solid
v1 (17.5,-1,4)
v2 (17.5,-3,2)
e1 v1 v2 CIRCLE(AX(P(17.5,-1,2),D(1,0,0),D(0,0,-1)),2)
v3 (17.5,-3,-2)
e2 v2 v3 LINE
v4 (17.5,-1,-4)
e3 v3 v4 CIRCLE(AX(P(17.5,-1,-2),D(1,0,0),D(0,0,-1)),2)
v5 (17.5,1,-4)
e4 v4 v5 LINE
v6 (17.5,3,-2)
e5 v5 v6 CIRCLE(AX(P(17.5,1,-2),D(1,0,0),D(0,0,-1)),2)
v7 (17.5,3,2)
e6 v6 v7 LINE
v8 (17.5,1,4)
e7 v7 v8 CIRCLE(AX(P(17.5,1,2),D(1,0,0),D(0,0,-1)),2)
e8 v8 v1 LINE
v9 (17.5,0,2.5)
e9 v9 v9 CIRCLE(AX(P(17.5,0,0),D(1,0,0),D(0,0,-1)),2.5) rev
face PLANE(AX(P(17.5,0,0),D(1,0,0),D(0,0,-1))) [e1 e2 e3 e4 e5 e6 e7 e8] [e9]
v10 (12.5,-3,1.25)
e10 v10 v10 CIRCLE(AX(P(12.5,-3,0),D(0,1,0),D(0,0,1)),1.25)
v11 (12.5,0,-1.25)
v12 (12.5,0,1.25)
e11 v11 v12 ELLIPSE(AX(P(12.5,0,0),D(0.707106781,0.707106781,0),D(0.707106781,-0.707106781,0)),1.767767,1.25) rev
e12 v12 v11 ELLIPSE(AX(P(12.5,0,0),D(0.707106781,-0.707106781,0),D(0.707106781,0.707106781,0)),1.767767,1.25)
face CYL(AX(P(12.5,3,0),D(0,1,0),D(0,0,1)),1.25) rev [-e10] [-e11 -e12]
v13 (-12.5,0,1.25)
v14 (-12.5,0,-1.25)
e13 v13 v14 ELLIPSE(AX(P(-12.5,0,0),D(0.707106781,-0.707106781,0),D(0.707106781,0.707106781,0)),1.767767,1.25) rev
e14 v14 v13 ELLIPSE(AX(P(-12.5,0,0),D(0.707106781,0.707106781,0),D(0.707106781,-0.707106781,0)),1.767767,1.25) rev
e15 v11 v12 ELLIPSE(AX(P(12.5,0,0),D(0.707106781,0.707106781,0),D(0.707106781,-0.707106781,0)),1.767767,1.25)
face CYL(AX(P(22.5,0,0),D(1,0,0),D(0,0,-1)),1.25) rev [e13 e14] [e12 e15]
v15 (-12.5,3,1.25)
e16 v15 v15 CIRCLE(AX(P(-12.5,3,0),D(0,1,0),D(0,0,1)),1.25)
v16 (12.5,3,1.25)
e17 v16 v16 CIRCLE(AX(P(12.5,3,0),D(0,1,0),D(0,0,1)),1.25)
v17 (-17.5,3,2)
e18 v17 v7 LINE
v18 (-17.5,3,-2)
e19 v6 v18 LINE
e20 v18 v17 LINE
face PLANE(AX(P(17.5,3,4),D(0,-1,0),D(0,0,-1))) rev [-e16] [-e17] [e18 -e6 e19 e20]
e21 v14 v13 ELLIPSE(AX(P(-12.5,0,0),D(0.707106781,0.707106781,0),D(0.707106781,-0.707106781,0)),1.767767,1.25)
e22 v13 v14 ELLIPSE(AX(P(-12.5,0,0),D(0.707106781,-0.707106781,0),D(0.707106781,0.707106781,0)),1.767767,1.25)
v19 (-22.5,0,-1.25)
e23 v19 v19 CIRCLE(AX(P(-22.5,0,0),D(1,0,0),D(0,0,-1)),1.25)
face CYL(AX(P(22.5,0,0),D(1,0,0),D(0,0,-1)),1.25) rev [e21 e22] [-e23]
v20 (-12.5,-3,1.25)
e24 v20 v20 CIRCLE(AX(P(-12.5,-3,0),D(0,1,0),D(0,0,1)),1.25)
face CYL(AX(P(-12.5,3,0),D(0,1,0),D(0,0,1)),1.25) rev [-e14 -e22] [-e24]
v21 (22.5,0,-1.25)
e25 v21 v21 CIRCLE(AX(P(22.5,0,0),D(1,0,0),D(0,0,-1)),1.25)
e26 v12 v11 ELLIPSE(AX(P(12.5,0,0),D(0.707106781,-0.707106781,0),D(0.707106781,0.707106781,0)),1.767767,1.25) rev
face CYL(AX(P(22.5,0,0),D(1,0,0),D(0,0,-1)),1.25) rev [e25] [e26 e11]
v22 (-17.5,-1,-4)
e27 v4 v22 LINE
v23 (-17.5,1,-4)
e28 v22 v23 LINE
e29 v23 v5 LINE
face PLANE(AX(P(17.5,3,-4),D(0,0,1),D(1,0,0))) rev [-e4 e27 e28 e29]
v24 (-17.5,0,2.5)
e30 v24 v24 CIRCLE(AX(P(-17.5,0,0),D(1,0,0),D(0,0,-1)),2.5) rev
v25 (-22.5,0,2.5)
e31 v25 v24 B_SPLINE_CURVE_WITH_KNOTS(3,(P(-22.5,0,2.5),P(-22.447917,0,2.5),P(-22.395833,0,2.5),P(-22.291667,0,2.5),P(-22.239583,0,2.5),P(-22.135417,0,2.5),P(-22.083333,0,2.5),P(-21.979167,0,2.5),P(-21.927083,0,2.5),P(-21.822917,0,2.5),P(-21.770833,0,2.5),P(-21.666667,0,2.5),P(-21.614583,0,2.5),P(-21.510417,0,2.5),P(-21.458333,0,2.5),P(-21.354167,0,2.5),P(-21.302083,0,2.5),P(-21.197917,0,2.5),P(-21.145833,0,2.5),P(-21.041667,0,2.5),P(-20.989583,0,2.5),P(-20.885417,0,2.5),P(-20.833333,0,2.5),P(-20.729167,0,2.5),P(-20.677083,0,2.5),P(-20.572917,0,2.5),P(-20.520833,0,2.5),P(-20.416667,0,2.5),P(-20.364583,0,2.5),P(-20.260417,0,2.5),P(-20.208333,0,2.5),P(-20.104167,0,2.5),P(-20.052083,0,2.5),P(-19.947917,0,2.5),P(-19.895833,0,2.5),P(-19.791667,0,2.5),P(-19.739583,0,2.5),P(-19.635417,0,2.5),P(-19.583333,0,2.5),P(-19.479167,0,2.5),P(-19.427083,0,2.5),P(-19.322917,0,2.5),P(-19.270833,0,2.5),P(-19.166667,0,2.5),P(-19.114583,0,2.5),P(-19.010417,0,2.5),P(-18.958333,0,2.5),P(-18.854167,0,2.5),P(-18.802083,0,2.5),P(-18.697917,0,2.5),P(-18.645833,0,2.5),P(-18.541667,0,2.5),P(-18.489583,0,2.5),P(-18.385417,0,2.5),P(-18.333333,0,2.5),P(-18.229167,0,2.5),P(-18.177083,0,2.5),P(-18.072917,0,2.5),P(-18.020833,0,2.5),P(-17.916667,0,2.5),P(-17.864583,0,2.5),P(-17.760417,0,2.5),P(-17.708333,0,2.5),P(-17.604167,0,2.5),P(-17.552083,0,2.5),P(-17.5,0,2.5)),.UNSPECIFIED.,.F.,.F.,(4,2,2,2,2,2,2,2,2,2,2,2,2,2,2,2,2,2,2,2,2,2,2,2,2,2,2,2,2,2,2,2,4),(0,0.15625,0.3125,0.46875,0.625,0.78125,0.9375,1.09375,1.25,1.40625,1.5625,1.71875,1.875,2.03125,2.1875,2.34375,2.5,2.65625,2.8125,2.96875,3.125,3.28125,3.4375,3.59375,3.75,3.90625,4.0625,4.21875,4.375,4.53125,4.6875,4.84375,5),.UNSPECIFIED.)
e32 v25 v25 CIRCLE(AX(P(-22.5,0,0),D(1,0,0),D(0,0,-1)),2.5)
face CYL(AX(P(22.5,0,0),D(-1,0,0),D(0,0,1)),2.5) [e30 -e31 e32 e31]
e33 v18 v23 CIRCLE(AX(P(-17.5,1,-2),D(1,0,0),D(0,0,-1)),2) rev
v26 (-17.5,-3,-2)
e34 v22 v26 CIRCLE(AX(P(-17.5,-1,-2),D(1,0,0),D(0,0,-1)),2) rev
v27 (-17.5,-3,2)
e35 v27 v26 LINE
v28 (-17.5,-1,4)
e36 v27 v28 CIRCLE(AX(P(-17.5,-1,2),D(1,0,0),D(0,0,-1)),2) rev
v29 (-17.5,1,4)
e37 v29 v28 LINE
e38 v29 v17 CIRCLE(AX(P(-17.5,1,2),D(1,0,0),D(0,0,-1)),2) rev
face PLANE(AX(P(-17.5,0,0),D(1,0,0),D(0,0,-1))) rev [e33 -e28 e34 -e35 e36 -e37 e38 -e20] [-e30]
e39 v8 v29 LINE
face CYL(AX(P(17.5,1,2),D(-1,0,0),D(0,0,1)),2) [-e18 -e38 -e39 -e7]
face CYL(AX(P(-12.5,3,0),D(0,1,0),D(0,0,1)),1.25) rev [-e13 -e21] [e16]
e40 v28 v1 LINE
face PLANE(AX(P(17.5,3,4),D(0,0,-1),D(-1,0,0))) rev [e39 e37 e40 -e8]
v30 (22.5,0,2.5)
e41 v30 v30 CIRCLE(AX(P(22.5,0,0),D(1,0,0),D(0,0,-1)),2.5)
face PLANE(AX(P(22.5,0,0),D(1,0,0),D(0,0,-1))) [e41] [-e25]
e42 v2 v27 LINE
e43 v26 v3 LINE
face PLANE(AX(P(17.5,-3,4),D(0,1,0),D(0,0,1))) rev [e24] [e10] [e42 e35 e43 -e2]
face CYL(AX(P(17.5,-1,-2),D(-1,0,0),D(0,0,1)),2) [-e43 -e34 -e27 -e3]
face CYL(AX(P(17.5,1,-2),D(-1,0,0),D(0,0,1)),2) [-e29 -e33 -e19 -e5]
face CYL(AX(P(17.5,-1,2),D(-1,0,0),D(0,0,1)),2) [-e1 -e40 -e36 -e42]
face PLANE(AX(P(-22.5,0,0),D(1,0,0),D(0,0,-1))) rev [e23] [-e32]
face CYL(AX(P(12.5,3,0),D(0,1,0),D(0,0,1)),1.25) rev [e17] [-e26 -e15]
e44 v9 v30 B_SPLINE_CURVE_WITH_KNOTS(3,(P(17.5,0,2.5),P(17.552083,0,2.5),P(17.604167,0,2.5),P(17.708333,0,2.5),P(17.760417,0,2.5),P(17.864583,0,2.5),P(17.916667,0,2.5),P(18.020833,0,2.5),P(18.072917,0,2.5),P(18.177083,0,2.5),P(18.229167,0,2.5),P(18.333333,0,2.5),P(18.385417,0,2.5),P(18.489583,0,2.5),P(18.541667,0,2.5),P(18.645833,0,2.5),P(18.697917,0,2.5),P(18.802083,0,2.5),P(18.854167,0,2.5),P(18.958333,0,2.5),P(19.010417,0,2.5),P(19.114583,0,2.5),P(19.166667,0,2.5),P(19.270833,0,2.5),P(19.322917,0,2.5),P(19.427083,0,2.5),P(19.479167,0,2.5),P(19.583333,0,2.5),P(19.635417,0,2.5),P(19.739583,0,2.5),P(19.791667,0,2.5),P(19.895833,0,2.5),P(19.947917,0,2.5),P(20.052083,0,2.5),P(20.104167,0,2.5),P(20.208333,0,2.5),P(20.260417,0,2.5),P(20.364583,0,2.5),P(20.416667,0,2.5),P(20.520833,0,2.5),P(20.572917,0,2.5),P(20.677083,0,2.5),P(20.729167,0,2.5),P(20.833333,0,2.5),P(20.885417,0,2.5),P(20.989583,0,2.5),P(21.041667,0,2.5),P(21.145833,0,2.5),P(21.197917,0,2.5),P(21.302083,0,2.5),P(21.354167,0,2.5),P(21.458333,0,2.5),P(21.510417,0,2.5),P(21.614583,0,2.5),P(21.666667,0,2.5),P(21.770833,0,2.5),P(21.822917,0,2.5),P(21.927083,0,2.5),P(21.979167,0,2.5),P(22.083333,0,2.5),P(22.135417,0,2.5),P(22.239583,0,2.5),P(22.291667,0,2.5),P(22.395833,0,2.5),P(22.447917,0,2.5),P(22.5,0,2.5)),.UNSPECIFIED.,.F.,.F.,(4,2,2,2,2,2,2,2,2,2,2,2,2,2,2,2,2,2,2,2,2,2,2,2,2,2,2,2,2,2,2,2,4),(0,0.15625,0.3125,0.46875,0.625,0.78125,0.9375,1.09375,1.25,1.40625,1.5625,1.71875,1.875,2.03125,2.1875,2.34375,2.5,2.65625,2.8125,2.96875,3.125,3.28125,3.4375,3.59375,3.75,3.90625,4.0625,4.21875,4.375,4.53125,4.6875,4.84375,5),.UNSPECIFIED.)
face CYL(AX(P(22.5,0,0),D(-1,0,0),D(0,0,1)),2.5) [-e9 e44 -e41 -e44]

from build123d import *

# Parameters (mm, degrees)
SKETCH_1_W          = 8
SKETCH_1_H          = 6
EXTRUDE_1_DEPTH     = 17.5
SKETCH_2_R          = 2.5
EXTRUDE_2_DEPTH     = 22.5
FILLET_1_R          = 2
HOLE_WIZARD_M3_1_D  = 2.5
SKETCH_6_R          = 1
CUT_EXTRUDE_1_DEPTH = 24.627314701
HOLE_WIZARD_M3_2_D  = 2.5


with BuildPart() as part:
    # 草圖1 → 填料-伸長1 (new, symmetric)
    with BuildSketch(Plane(origin=(0, 0, 0), x_dir=(0, 0, -1), z_dir=(1, 0, 0))):
        Rectangle(SKETCH_1_W, SKETCH_1_H)
    extrude(amount=EXTRUDE_1_DEPTH, both=True)

    # 草圖2 → 填料-伸長2 (add, symmetric)
    with BuildSketch(Plane(origin=(0, 0, 0), x_dir=(0, 0, -1), z_dir=(1, 0, 0))):
        with Locations(Location((0, 0, 0), (0, 0, 180))):
            Circle(SKETCH_2_R)
    extrude(amount=EXTRUDE_2_DEPTH, both=True)

    # 圓角1
    fillet_1_edges = [part.edges().sort_by_distance(p)[0] for p in [
        (0, 3, 4),
        (0, 3, -4),
        (0, -3, -4),
        (0, -3, 4),
    ]]
    fillet(fillet_1_edges, radius=FILLET_1_R)

    # M3 螺紋孔1 (through all)
    with Locations(Plane(origin=(22.5, 0, 0), x_dir=(0, 0, -1), z_dir=(1, 0, 0))):
        with Locations((0, 0)):
            Hole(HOLE_WIZARD_M3_1_D / 2)

    # 草圖6 → 除料-伸長1 (cut, through all)
    with BuildSketch(Plane(origin=(0, 3, 0), x_dir=(1, 0, 0), z_dir=(0, 1, 0))):
        with Locations(Location((-12.5, 0, 0), (0, 0, 270))):
            Circle(SKETCH_6_R)
        with Locations(Location((12.5, 0, 0), (0, 0, 270))):
            Circle(SKETCH_6_R)
    extrude(amount=-CUT_EXTRUDE_1_DEPTH, mode=Mode.SUBTRACT)

    # M3 螺紋孔2 (through all)
    with Locations(Plane(origin=(-12.5, 3, 0), x_dir=(0, 0, 1), z_dir=(0, 1, 0))):
        with Locations((0, 0), (0, 25)):
            Hole(HOLE_WIZARD_M3_2_D / 2)


solid = part.part
